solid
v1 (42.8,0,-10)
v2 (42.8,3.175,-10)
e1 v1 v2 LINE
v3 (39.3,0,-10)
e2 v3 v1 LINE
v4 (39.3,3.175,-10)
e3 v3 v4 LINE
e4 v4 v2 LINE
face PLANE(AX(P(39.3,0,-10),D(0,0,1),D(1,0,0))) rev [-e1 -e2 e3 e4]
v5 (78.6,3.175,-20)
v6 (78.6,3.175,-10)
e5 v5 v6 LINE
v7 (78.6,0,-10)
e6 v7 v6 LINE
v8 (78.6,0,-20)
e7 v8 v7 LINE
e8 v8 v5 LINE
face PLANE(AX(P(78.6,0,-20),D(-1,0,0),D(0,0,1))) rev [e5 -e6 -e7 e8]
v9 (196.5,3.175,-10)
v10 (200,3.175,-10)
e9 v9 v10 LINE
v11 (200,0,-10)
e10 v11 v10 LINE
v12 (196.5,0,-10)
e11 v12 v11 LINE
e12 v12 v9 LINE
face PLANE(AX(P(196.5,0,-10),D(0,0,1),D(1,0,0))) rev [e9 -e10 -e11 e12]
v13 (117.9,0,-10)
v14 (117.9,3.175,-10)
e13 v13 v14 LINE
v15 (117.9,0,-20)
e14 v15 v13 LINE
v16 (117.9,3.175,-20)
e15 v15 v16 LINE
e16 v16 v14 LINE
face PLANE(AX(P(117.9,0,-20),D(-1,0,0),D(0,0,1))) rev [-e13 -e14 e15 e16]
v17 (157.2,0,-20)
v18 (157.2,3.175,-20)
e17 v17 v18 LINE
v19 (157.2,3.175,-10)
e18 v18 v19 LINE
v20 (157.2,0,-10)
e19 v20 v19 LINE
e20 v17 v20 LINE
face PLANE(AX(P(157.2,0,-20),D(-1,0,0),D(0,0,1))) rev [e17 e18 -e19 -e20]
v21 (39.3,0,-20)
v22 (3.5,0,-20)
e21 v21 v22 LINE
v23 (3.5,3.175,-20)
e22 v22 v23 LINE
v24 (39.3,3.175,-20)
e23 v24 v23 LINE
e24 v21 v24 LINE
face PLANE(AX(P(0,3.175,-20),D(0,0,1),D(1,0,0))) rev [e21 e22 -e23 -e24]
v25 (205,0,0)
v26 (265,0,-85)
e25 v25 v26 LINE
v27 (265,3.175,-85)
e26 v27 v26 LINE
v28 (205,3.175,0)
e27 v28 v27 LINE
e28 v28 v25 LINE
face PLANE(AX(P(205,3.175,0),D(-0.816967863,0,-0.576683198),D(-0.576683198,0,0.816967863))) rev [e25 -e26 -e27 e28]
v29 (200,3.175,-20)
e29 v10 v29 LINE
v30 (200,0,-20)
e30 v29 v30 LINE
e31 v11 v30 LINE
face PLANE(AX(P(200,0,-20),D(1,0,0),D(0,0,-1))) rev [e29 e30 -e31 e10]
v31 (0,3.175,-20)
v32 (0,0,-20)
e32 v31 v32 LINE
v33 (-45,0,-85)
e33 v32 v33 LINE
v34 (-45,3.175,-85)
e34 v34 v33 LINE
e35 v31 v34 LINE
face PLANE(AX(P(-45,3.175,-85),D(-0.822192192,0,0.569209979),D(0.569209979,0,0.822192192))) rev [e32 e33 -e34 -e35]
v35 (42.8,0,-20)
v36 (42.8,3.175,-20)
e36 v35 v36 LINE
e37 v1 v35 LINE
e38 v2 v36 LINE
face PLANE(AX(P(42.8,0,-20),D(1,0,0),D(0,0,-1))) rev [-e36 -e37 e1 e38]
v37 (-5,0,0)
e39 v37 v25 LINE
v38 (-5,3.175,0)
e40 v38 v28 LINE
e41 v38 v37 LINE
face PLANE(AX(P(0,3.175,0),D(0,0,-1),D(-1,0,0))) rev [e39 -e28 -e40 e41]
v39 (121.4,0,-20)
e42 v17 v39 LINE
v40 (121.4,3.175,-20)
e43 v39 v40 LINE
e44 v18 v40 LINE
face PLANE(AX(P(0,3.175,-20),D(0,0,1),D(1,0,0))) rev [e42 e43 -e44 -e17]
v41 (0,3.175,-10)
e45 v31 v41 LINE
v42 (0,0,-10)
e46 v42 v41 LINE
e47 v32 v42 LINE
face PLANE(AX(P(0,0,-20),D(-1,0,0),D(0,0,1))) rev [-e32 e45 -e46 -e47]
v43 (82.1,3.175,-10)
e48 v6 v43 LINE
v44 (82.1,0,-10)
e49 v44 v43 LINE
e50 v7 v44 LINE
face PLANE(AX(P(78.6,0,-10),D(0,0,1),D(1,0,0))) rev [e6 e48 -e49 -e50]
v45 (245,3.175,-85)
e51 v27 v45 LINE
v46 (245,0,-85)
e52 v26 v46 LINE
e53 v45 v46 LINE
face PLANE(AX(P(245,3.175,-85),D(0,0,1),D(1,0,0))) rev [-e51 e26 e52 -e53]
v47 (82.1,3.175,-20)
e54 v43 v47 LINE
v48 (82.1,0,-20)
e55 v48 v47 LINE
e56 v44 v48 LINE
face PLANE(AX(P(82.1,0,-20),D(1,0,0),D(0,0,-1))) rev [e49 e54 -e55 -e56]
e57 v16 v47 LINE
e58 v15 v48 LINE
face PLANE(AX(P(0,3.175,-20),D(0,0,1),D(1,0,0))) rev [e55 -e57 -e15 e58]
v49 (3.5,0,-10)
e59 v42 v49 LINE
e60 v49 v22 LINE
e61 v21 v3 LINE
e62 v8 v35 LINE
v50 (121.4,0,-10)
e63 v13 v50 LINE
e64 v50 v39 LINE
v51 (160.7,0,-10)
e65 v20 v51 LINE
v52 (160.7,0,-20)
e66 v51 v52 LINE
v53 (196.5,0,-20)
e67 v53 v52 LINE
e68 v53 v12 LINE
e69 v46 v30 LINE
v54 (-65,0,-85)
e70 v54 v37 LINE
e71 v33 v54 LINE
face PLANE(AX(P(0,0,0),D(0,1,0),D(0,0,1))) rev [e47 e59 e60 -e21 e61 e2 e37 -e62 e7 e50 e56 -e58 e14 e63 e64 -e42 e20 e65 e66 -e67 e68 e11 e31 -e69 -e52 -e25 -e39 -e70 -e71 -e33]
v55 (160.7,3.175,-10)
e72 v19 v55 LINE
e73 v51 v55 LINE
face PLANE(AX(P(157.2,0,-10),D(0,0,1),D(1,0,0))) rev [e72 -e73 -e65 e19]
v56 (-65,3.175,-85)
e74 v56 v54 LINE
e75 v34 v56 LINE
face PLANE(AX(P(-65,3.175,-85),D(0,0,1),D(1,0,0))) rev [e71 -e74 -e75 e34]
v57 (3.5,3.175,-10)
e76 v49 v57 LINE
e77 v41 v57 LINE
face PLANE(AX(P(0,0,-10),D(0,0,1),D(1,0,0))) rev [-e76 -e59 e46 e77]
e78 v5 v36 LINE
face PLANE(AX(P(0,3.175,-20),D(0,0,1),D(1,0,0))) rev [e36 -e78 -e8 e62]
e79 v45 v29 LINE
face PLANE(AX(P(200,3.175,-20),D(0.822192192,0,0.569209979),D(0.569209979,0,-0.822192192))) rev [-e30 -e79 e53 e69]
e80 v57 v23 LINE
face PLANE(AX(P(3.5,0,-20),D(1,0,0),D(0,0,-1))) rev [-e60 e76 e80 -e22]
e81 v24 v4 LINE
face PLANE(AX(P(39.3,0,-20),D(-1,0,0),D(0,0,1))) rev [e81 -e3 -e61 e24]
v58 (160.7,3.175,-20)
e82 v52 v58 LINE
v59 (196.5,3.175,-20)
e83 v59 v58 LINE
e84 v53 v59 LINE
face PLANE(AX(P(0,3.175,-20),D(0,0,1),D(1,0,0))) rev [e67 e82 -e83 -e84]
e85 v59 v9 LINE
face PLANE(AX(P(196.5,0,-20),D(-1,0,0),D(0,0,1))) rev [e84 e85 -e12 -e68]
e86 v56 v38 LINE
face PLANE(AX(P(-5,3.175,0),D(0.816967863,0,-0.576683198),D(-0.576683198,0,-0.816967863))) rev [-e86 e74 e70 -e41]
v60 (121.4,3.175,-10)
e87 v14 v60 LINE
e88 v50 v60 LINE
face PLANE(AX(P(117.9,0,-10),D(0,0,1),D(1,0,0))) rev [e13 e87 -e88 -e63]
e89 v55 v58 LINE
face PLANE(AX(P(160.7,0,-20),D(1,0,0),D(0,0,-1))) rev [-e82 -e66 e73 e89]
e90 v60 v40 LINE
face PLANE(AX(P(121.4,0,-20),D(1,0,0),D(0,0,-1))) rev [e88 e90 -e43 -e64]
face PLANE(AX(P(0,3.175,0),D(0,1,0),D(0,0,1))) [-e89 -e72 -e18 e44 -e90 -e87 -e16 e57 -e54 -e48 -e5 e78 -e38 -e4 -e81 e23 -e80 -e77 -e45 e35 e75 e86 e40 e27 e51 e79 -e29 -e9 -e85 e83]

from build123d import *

# Parameters (mm, degrees)
BOSS_EXTRUDE1_DEPTH = 3.175
SKETCH3_W           = 3.5
SKETCH3_H           = 10
CUT_EXTRUDE1_DEPTH  = 4.175


with BuildPart() as part:
    # Sketch2 → Boss-Extrude1 (new body)
    with BuildSketch(Plane(origin=(0, 0, 0), x_dir=(1, 0, 0), z_dir=(0, 1, 0))):
        Polygon((0, 0), (-5, 0), (-65, 85), (-45, 85), (0, 20), (200, 20), (245, 85), (265, 85), (205, 0), (200, 0), align=None)
    extrude(amount=BOSS_EXTRUDE1_DEPTH)

    # Sketch3 → Cut-Extrude1 (cut, through all)
    with BuildSketch(Plane(origin=(0, 3.175, 0), x_dir=(1, 0, 0), z_dir=(0, 1, 0))):
        with Locations((41.05, 15)):
            Rectangle(SKETCH3_W, SKETCH3_H)
        with Locations((1.75, 15)):
            Rectangle(SKETCH3_W, SKETCH3_H)
        with Locations((80.35, 15)):
            Rectangle(SKETCH3_W, SKETCH3_H)
        with Locations((119.65, 15)):
            Rectangle(SKETCH3_W, SKETCH3_H)
        with Locations((158.95, 15)):
            Rectangle(SKETCH3_W, SKETCH3_H)
        with Locations((198.25, 15)):
            Rectangle(SKETCH3_W, SKETCH3_H)
    extrude(amount=-CUT_EXTRUDE1_DEPTH, mode=Mode.SUBTRACT)


solid = part.part
